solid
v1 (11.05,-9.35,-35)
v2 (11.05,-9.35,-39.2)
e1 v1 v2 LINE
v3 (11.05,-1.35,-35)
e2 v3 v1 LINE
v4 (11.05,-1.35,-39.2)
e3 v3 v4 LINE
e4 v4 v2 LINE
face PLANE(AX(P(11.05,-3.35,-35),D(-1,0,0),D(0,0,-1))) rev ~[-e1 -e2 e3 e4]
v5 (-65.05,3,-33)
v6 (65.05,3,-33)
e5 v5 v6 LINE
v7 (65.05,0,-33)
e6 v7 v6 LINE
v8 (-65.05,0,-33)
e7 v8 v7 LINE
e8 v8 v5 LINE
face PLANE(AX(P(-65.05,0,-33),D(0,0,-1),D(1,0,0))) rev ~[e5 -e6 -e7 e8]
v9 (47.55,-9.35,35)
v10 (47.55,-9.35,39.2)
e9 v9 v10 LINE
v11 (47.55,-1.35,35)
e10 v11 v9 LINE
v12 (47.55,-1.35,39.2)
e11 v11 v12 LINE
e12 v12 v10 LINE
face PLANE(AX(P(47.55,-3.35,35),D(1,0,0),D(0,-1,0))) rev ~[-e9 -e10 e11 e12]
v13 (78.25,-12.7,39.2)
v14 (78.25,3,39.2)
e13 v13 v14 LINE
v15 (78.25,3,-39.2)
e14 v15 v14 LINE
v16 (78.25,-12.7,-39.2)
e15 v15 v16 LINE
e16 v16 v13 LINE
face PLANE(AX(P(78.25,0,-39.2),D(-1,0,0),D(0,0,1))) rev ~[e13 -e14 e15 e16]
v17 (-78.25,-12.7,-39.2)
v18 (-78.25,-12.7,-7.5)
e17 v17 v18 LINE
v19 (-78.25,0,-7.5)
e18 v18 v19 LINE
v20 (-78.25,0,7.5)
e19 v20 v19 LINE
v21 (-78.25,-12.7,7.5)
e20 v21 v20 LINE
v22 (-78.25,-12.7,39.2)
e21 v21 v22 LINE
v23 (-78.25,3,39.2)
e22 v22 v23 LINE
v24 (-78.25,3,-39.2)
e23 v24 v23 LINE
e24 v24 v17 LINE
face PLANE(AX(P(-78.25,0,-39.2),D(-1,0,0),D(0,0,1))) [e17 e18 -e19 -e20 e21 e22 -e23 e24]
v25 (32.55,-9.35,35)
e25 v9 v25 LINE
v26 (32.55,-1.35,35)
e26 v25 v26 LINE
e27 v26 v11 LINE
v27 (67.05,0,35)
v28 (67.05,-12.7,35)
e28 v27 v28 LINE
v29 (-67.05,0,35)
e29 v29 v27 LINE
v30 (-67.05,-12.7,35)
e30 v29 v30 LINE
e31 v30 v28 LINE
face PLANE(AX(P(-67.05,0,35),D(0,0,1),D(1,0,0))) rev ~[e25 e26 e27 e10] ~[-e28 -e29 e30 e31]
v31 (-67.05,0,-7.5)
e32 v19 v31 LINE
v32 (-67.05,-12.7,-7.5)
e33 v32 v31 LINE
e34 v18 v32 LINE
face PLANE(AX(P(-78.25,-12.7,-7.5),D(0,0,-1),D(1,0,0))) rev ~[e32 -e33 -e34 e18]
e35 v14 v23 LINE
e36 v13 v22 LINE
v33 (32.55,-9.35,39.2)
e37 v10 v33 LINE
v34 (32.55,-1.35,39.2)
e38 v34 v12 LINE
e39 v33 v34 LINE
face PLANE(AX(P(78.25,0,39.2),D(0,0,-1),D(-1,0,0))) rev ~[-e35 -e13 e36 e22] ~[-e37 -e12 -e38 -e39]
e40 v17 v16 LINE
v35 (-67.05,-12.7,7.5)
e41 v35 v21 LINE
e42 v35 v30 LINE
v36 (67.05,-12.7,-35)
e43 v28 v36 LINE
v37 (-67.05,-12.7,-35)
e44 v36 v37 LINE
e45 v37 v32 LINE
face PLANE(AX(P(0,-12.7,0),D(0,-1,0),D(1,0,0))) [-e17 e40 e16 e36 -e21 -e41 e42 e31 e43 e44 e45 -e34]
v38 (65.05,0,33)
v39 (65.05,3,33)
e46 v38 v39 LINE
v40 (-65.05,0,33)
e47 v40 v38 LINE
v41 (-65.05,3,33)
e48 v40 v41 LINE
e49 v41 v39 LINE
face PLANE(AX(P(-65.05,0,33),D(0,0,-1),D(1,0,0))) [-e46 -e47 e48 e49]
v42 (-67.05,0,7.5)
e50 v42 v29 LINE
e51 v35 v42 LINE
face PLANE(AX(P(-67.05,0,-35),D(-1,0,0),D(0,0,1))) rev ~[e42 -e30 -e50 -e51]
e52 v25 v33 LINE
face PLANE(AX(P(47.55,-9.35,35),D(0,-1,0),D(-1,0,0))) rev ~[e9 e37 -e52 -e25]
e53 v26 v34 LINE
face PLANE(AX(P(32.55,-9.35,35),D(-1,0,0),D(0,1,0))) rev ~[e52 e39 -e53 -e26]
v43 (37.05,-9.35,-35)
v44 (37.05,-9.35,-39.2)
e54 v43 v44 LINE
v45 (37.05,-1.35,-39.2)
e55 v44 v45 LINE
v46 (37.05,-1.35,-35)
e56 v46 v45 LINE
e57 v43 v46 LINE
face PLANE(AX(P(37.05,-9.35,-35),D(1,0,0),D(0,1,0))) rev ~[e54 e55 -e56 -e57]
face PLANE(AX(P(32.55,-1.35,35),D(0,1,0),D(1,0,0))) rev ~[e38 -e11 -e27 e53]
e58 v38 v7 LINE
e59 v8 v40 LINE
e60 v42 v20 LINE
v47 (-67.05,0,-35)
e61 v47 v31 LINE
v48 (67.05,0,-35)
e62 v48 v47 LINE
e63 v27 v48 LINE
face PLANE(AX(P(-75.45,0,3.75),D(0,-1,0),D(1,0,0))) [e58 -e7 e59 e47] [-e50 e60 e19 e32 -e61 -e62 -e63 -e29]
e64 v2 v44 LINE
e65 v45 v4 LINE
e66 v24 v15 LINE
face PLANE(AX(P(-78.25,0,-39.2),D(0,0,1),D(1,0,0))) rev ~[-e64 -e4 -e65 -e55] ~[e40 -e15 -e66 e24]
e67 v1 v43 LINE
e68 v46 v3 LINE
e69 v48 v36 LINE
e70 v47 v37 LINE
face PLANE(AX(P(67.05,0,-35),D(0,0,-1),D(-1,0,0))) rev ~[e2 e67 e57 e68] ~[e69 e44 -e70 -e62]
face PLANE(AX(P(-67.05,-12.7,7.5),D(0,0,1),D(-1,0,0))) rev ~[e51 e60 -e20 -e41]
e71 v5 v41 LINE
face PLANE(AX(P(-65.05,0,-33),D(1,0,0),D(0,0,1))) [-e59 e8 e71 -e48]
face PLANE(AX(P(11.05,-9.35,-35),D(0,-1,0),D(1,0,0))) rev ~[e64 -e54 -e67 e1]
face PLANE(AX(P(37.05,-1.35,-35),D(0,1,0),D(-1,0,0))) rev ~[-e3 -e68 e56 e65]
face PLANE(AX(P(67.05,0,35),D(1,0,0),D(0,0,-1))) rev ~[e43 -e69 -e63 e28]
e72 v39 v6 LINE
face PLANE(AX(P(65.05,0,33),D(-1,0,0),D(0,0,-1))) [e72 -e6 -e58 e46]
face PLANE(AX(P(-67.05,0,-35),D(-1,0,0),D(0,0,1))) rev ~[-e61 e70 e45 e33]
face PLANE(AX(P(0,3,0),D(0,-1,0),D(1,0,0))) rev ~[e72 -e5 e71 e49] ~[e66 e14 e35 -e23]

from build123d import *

# Parameters (mm, degrees)
F0_W          = 130.1
F0_H          = 2
F1_DEPTH      = 3
F0_W_2        = 142.5
F0_H_2        = 78.4
F0_W_3        = 7
F2_DEPTH      = 3
F2_DEPTH_BACK = 12.7
F3_W          = 5.6
F3_H          = 7.5
F4_DEPTH      = 12.7
F6_DEPTH      = 4.201
F8_DEPTH      = 4.201
F9_DEPTH      = 2
F10_DEPTH     = 2


with BuildPart() as f1:
    # F0 (on Front) → F1 (new body)
    with BuildSketch(Plane.XZ):
        Polygon((67.05, 35), (65.05, 35), (65.05, 33), (65.05, -33), (65.05, -35), (67.05, -35), align=None)
        with Locations((0, 34)):
            Rectangle(F0_W, F0_H)
        Polygon((-65.05, 35), (-67.05, 35), (-67.05, -35), (-65.05, -35), (-65.05, -33), (-65.05, 33), align=None)
        with Locations((0, -34)):
            Rectangle(F0_W, F0_H)
    extrude(amount=-F1_DEPTH)

    # F0 (on Front) → F2 (join, two sides)
    with BuildSketch(Plane.XZ) as f2_sk:
        Rectangle(F0_W_2, F0_H_2)
        Polygon((-67.05, -35), (-67.05, 35), (-65.05, 35), (65.05, 35), (67.05, 35), (67.05, -35), (65.05, -35), (-65.05, -35), align=None, mode=Mode.SUBTRACT)
        with Locations((-74.75, 0)):
            Rectangle(F0_W_3, F0_H_2)
        with Locations((74.75, 0)):
            Rectangle(F0_W_3, F0_H_2)
    extrude(amount=-F2_DEPTH)
    extrude(f2_sk.sketch, amount=F2_DEPTH_BACK)

    # F3 (on face) → F4 (cut)
    with BuildSketch(Plane.XZ.offset(12.7)):
        with Locations((-75.45, 3.75)):
            Rectangle(F3_W, F3_H)
        with Locations((-69.85, 3.75)):
            Rectangle(F3_W, F3_H)
        with Locations((-69.85, -3.75)):
            Rectangle(F3_W, F3_H)
        with Locations((-75.45, -3.75)):
            Rectangle(F3_W, F3_H)
    extrude(amount=-F4_DEPTH, mode=Mode.SUBTRACT)

    # F5 (on face) → F6 (cut, through all)
    with BuildSketch(Plane(origin=(0, 0, 35), x_dir=(1, 0, 0), z_dir=(0, 0, -1))):
        Polygon((47.55, 3.35), (47.55, 6.35), (47.55, 9.35), (32.55, 9.35), (32.55, 3.35), align=None)
    extrude(amount=-F6_DEPTH, mode=Mode.SUBTRACT)

    # F7 (on face) → F8 (cut, through all)
    with BuildSketch(Plane.XY.offset(-35)):
        Polygon((37.05, -9.35), (37.05, -6.35), (37.05, -3.35), (11.05, -3.35), (11.05, -9.35), align=None)
    extrude(amount=-F8_DEPTH, mode=Mode.SUBTRACT)

    # F9 (cut): a face of the model
    f9_faces = [f1.faces().sort_by_distance(p)[0] for p in [
        (24.05, -3.35, -37.1),
    ]]
    extrude(f9_faces, amount=-F9_DEPTH, mode=Mode.SUBTRACT)

    # F10 (cut): a face of the model
    f10_faces = [f1.faces().sort_by_distance(p)[0] for p in [
        (40.05, -3.35, 37.1),
    ]]
    extrude(f10_faces, amount=-F10_DEPTH, mode=Mode.SUBTRACT)


solid = f1.part
